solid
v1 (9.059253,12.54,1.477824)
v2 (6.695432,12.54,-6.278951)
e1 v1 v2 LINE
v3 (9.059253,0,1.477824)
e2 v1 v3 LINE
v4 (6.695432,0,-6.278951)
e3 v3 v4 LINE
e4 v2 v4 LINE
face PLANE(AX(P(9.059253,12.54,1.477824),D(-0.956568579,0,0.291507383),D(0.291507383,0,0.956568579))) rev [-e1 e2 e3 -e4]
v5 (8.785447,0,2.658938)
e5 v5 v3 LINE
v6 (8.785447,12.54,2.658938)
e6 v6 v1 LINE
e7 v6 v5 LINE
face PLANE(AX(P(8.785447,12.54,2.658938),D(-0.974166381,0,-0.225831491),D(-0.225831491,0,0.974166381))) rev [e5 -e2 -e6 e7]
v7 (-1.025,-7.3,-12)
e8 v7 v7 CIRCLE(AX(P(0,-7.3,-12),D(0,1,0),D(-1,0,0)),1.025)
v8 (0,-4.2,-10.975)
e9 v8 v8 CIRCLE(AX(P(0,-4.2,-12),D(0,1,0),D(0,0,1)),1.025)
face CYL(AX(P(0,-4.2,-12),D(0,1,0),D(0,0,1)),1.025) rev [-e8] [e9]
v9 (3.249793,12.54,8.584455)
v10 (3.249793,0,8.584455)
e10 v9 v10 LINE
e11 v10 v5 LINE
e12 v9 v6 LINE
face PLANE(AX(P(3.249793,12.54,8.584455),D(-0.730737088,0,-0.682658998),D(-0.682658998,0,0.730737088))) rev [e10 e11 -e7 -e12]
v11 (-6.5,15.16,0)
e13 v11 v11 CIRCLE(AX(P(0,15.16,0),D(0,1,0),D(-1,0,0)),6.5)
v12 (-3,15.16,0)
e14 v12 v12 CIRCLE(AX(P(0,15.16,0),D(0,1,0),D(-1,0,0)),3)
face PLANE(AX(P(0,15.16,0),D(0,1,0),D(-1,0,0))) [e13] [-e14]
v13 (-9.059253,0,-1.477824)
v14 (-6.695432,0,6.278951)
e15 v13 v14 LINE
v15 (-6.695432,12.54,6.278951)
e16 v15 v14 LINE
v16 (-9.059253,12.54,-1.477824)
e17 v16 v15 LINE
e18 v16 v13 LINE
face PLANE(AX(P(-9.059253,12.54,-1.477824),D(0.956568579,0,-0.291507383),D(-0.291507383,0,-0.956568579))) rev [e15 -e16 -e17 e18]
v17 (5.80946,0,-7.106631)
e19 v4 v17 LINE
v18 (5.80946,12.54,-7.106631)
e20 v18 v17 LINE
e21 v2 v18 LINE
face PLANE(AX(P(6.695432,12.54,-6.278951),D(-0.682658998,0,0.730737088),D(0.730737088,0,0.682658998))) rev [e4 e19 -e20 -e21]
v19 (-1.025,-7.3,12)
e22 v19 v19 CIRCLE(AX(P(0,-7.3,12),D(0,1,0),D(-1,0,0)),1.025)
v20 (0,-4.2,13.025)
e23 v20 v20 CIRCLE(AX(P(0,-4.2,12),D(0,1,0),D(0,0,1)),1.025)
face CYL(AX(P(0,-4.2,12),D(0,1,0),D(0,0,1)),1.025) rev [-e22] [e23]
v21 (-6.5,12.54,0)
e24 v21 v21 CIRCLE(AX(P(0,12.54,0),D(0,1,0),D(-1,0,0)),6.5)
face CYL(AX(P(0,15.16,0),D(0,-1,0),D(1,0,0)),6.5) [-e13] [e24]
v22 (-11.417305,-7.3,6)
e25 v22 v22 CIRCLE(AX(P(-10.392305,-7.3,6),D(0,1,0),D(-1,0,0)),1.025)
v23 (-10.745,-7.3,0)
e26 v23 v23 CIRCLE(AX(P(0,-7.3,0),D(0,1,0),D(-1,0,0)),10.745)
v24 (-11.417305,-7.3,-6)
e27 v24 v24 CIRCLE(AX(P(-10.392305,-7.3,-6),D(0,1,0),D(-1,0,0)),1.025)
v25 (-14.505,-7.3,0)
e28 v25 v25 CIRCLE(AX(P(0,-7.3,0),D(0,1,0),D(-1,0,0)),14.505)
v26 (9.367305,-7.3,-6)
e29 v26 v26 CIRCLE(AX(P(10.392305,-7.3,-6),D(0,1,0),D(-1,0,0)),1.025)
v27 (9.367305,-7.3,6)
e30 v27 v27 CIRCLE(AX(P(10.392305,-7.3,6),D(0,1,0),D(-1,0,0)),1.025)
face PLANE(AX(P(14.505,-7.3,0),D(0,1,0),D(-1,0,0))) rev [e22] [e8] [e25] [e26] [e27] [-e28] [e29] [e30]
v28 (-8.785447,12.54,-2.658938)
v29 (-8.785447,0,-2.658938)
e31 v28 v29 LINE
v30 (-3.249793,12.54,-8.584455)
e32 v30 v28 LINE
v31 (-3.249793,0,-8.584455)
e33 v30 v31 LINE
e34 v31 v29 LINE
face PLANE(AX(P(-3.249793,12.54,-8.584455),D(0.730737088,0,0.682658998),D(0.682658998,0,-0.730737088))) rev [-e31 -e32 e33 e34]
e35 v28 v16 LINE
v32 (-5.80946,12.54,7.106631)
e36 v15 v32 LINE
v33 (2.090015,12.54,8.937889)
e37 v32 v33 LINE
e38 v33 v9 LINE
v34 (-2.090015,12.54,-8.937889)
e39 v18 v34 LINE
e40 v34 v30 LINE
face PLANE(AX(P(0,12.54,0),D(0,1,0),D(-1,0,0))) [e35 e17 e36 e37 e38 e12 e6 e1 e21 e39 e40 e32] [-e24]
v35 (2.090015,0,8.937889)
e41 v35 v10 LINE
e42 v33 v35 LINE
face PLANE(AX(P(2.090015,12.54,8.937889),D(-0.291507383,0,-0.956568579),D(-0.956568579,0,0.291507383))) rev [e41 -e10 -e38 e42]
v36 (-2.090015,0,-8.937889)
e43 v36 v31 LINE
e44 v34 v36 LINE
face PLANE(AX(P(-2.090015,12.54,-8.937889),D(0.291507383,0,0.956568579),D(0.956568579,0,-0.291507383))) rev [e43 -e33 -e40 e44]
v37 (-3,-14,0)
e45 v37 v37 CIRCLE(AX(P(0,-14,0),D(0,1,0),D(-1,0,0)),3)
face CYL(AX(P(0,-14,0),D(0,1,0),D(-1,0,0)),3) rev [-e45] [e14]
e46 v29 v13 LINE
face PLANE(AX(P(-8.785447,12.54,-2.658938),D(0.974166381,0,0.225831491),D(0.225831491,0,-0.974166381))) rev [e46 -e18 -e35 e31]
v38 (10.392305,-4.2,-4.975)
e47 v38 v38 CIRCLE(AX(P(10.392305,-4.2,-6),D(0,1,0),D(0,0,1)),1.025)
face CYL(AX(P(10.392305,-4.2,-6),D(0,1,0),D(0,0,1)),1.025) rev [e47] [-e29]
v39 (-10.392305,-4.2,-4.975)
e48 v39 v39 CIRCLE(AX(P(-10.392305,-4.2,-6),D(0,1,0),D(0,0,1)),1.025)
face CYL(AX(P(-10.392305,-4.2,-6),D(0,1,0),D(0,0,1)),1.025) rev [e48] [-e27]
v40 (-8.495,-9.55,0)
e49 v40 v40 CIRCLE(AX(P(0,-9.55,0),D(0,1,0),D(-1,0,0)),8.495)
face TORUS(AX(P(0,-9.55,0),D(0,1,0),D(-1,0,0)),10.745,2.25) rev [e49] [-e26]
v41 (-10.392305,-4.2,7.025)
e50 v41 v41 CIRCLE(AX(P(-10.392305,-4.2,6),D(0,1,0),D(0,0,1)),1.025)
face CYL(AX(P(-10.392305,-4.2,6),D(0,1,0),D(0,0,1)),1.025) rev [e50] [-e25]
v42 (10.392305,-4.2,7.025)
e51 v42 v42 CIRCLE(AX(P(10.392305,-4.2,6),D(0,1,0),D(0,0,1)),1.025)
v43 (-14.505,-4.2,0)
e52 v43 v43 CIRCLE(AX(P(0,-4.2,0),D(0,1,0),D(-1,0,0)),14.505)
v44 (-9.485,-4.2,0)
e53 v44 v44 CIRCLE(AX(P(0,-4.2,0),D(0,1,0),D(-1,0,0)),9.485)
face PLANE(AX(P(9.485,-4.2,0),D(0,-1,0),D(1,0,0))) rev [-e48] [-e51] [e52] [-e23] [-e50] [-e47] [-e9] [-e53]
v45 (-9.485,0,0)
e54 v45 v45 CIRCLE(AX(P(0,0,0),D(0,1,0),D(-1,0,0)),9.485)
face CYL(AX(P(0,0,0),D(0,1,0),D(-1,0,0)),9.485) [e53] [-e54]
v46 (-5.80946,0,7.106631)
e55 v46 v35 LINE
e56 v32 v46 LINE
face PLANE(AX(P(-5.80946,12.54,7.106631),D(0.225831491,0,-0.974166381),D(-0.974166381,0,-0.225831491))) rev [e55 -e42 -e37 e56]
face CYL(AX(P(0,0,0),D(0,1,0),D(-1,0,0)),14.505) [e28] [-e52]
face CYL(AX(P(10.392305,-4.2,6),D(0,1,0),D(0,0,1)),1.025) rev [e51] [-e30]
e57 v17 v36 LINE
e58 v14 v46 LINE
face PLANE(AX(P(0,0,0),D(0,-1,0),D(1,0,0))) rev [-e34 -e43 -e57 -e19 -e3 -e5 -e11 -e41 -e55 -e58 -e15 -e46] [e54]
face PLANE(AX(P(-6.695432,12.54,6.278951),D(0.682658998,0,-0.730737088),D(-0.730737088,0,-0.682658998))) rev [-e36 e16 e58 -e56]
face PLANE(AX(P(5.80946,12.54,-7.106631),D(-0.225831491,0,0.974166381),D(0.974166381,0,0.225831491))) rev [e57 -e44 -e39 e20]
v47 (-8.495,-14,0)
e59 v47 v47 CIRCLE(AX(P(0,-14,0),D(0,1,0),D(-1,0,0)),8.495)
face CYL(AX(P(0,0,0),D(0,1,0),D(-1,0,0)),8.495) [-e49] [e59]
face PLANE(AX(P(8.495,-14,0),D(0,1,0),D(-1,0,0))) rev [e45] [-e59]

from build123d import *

# Parameters (mm, degrees)
ESTRUSIONE_ESTRUSIONE1_DEPTH = 12.54
SCHIZZO3_R                   = 6.5
ESTRUSIONE_ESTRUSIONE2_DEPTH = 2.62
SCHIZZO4_R                   = 3
TAGLIO_ESTRUSIONE1_DEPTH     = 36.652428389
FORO_FILETTATO_M2_5X0_45_1_D = 2.05


with BuildPart() as part:
    # Schizzo1 → Rivoluzione1 (revolve)
    with BuildSketch(Plane.XY, mode=Mode.PRIVATE) as rivoluzione1_sk:
        with BuildLine():
            Line((0, 0), (9.485, 0))
            Line((9.485, 0), (9.485, -4.2))
            Line((9.485, -4.2), (14.505, -4.2))
            Line((14.505, -4.2), (14.505, -7.3))
            Line((14.505, -7.3), (10.745, -7.3))
            ThreePointArc((10.745, -7.3), (9.154009742, -7.959009742), (8.495, -9.55))
            Line((8.495, -9.55), (8.495, -14))
            Line((8.495, -14), (0, -14))
            Line((0, -14), (0, 0))
        make_face()
    revolve(rivoluzione1_sk.sketch.rotate(Axis((0, 0, 0), (0, -1, 0)), 180), axis=Axis((0, 0, 0), (0, -1, 0)))

    # Schizzo2 → Estrusione-Estrusione1 (add)
    with BuildSketch(Plane(origin=(0, 0, 0), x_dir=(1, 0, 0), z_dir=(0, 1, 0))):
        Polygon((2.090015263, -8.937889289), (3.249793028, -8.584455371), (8.785446812, -2.658938333), (9.059252943, -1.477824366), (6.695431549, 6.278950956), (5.809459915, 7.106631005), (-2.090015263, 8.937889289), (-3.249793028, 8.584455371), (-8.785446812, 2.658938333), (-9.059252943, 1.477824366), (-6.695431549, -6.278950956), (-5.809459915, -7.106631005), align=None)
    extrude(amount=ESTRUSIONE_ESTRUSIONE1_DEPTH)

    # Schizzo3 → Estrusione-Estrusione2 (add)
    with BuildSketch(Plane(origin=(0, 12.54, 0), x_dir=(1, 0, 0), z_dir=(0, 1, 0))):
        with Locations(Location((0, 0, 0), (0, 0, 180))):
            Circle(SCHIZZO3_R)
    extrude(amount=ESTRUSIONE_ESTRUSIONE2_DEPTH)

    # Schizzo4 → Taglio-Estrusione1 (cut, through all)
    with BuildSketch(Plane(origin=(0, 15.16, 0), x_dir=(1, 0, 0), z_dir=(0, 1, 0))):
        with Locations(Location((0, 0, 0), (0, 0, 180))):
            Circle(SCHIZZO4_R)
    extrude(amount=-TAGLIO_ESTRUSIONE1_DEPTH, mode=Mode.SUBTRACT)

    # Foro filettato M2.5x0.45-1 (through all)
    with Locations(Plane(origin=(0, -4.2, 0), x_dir=(1, 0, 0), z_dir=(0, 1, 0))):
        with Locations((0, -12), (-10.392304845, -6), (-10.392304845, 6), (0, 12), (10.392304845, 6), (10.392304845, -6), (0, 0)):
            Hole(FORO_FILETTATO_M2_5X0_45_1_D / 2)


solid = part.part
